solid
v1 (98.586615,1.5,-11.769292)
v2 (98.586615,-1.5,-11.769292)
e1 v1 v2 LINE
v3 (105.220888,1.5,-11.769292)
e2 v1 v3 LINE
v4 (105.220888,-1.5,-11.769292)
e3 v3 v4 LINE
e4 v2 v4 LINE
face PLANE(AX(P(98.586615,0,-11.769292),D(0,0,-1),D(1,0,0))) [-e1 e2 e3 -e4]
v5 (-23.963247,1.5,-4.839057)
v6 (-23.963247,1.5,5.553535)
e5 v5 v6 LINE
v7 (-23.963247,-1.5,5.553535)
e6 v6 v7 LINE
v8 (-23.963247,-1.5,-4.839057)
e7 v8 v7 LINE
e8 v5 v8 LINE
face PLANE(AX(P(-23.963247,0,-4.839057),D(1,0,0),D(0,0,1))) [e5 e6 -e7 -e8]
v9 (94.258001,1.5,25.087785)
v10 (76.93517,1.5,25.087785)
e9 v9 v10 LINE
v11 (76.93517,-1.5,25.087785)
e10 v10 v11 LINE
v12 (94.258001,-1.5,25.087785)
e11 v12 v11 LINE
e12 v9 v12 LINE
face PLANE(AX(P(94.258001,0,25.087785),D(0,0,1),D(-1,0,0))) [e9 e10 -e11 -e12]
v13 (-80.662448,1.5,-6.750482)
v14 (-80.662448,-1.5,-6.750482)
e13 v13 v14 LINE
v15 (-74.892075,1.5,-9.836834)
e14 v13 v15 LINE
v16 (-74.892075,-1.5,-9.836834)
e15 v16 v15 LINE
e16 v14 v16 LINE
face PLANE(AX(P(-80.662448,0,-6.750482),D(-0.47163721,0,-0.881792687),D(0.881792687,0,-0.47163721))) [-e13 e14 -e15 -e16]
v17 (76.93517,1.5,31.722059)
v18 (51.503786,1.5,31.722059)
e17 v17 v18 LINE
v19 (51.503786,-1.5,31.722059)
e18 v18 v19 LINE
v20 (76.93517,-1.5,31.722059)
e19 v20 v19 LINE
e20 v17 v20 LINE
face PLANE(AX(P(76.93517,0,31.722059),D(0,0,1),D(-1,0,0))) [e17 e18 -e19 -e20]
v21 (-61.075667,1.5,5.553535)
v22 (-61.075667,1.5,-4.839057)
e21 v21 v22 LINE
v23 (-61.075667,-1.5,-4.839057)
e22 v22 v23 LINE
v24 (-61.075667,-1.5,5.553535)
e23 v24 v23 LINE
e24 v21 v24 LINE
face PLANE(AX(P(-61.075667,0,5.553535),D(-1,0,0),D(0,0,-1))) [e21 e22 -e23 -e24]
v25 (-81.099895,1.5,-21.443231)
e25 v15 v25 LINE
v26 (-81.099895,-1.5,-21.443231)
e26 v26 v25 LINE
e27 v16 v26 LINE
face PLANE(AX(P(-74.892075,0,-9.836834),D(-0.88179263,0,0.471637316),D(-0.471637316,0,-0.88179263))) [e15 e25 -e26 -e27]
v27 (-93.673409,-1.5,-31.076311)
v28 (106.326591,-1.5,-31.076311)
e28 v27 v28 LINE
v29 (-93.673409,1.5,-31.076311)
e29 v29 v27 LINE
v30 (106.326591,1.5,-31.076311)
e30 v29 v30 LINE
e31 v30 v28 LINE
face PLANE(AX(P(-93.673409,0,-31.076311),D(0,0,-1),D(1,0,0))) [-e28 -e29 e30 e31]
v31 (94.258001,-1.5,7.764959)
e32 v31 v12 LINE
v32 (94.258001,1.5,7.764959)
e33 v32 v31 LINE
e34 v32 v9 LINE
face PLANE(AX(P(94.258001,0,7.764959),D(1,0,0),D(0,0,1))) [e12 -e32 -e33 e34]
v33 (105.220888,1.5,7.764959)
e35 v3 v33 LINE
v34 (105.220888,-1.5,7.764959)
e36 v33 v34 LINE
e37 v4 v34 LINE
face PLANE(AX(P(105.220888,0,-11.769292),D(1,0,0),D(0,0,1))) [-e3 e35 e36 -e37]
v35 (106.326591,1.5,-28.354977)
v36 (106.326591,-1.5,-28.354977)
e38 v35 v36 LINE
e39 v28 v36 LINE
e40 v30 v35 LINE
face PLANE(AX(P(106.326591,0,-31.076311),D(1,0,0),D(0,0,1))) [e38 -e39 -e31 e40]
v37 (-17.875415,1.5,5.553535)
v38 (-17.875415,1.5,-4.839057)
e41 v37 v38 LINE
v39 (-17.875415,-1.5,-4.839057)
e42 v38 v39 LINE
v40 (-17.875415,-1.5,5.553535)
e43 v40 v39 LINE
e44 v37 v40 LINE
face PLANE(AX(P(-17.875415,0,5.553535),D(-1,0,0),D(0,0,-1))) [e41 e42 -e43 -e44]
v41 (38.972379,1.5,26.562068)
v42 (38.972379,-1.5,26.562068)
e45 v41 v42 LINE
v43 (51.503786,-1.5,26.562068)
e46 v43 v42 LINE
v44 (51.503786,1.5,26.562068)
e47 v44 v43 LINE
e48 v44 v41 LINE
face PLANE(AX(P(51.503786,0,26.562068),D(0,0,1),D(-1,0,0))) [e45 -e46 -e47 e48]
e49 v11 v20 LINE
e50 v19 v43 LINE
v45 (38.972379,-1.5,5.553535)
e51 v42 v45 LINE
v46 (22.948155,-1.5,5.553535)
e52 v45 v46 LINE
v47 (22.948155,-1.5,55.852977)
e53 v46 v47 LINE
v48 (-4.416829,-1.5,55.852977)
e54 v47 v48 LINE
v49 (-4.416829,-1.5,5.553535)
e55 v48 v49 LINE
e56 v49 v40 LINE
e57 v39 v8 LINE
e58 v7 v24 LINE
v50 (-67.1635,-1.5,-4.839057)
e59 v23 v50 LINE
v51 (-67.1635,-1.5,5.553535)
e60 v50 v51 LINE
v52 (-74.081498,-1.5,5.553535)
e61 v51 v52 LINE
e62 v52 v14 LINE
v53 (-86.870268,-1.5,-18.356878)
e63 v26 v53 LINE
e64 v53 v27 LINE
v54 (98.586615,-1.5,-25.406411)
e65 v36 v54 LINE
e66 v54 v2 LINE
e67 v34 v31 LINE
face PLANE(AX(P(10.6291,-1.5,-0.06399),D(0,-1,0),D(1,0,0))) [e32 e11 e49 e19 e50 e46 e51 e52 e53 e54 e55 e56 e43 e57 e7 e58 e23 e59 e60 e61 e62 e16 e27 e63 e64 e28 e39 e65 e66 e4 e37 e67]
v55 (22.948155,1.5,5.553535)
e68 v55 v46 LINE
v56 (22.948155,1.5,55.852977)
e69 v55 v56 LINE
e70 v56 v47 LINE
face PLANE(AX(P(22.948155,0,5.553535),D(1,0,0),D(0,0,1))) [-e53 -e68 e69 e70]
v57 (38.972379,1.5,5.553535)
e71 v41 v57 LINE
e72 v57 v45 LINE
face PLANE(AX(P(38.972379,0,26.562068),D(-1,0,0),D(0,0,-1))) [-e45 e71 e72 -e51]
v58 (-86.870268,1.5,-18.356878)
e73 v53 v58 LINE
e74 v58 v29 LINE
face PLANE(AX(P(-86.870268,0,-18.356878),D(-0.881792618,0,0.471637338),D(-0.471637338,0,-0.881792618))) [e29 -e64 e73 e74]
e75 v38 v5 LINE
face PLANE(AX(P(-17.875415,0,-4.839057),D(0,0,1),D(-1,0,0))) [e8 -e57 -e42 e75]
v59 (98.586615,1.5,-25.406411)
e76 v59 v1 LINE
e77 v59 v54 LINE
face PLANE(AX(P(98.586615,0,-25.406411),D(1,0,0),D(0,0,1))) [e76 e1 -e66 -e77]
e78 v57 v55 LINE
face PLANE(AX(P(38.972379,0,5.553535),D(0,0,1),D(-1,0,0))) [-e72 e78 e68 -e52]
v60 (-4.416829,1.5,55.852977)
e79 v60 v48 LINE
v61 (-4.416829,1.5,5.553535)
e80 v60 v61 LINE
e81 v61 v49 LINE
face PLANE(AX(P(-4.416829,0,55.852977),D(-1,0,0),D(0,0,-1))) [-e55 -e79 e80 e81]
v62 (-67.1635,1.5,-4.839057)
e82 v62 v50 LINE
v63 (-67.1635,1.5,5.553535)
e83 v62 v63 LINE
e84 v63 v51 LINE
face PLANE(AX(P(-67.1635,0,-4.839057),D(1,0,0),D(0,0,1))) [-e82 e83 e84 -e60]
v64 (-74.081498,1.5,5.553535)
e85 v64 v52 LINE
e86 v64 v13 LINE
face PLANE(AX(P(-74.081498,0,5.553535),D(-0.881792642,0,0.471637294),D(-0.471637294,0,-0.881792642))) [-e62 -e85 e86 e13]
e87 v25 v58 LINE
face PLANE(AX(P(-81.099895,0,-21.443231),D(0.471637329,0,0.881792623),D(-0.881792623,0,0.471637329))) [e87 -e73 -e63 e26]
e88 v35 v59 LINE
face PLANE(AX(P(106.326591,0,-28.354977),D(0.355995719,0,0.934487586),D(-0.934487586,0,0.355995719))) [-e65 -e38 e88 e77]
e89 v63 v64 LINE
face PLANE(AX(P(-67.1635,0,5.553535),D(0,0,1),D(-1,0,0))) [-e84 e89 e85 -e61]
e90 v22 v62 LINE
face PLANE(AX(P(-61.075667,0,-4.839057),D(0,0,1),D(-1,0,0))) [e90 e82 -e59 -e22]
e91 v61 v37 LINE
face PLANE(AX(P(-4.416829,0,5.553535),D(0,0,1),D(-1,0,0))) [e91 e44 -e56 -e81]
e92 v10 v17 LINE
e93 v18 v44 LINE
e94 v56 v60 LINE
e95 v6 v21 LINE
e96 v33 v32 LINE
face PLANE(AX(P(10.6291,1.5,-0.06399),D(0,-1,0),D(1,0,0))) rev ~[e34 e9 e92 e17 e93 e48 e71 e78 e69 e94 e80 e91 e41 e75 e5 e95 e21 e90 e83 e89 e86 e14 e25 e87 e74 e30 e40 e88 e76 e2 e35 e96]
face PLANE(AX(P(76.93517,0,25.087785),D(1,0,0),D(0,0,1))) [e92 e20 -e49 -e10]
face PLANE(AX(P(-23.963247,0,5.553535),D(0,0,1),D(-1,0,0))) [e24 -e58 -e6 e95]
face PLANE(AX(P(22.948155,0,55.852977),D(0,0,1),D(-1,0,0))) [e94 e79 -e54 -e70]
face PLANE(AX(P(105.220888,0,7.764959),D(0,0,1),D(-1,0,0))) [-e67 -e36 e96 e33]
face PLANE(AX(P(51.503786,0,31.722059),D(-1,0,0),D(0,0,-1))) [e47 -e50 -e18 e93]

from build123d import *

# Parameters (mm, degrees)
F1_DEPTH = 1.5


with BuildPart() as f1:
    # F0 (on Front) → F1 (new body, symmetric)
    with BuildSketch(Plane.XZ):
        Polygon((-86.870268, -18.356878), (-93.673409, -31.076311), (106.326591, -31.076311), (106.326591, -28.354977), (98.586615, -25.406411), (98.586615, -11.769292), (105.220888, -11.769292), (105.220888, 7.764959), (94.258001, 7.764959), (94.258001, 25.087785), (76.93517, 25.087785), (76.93517, 31.722059), (51.503786, 31.722059), (51.503786, 26.562068), (38.972379, 26.562068), (38.972379, 5.553535), (36.760957, 5.553535), (22.948155, 5.553535), (22.948155, 55.852977), (-4.416829, 55.852977), (-4.416829, 5.553535), (-17.875415, 5.553535), (-17.875415, -4.839057), (-23.963247, -4.839057), (-23.963247, 5.553535), (-61.075667, 5.553535), (-61.075667, -4.839057), (-67.1635, -4.839057), (-67.1635, 5.553535), (-74.081498, 5.553535), (-80.662448, -6.750482), (-74.892075, -9.836834), (-81.099895, -21.443231), align=None)
    extrude(amount=F1_DEPTH, both=True)


solid = f1.part
